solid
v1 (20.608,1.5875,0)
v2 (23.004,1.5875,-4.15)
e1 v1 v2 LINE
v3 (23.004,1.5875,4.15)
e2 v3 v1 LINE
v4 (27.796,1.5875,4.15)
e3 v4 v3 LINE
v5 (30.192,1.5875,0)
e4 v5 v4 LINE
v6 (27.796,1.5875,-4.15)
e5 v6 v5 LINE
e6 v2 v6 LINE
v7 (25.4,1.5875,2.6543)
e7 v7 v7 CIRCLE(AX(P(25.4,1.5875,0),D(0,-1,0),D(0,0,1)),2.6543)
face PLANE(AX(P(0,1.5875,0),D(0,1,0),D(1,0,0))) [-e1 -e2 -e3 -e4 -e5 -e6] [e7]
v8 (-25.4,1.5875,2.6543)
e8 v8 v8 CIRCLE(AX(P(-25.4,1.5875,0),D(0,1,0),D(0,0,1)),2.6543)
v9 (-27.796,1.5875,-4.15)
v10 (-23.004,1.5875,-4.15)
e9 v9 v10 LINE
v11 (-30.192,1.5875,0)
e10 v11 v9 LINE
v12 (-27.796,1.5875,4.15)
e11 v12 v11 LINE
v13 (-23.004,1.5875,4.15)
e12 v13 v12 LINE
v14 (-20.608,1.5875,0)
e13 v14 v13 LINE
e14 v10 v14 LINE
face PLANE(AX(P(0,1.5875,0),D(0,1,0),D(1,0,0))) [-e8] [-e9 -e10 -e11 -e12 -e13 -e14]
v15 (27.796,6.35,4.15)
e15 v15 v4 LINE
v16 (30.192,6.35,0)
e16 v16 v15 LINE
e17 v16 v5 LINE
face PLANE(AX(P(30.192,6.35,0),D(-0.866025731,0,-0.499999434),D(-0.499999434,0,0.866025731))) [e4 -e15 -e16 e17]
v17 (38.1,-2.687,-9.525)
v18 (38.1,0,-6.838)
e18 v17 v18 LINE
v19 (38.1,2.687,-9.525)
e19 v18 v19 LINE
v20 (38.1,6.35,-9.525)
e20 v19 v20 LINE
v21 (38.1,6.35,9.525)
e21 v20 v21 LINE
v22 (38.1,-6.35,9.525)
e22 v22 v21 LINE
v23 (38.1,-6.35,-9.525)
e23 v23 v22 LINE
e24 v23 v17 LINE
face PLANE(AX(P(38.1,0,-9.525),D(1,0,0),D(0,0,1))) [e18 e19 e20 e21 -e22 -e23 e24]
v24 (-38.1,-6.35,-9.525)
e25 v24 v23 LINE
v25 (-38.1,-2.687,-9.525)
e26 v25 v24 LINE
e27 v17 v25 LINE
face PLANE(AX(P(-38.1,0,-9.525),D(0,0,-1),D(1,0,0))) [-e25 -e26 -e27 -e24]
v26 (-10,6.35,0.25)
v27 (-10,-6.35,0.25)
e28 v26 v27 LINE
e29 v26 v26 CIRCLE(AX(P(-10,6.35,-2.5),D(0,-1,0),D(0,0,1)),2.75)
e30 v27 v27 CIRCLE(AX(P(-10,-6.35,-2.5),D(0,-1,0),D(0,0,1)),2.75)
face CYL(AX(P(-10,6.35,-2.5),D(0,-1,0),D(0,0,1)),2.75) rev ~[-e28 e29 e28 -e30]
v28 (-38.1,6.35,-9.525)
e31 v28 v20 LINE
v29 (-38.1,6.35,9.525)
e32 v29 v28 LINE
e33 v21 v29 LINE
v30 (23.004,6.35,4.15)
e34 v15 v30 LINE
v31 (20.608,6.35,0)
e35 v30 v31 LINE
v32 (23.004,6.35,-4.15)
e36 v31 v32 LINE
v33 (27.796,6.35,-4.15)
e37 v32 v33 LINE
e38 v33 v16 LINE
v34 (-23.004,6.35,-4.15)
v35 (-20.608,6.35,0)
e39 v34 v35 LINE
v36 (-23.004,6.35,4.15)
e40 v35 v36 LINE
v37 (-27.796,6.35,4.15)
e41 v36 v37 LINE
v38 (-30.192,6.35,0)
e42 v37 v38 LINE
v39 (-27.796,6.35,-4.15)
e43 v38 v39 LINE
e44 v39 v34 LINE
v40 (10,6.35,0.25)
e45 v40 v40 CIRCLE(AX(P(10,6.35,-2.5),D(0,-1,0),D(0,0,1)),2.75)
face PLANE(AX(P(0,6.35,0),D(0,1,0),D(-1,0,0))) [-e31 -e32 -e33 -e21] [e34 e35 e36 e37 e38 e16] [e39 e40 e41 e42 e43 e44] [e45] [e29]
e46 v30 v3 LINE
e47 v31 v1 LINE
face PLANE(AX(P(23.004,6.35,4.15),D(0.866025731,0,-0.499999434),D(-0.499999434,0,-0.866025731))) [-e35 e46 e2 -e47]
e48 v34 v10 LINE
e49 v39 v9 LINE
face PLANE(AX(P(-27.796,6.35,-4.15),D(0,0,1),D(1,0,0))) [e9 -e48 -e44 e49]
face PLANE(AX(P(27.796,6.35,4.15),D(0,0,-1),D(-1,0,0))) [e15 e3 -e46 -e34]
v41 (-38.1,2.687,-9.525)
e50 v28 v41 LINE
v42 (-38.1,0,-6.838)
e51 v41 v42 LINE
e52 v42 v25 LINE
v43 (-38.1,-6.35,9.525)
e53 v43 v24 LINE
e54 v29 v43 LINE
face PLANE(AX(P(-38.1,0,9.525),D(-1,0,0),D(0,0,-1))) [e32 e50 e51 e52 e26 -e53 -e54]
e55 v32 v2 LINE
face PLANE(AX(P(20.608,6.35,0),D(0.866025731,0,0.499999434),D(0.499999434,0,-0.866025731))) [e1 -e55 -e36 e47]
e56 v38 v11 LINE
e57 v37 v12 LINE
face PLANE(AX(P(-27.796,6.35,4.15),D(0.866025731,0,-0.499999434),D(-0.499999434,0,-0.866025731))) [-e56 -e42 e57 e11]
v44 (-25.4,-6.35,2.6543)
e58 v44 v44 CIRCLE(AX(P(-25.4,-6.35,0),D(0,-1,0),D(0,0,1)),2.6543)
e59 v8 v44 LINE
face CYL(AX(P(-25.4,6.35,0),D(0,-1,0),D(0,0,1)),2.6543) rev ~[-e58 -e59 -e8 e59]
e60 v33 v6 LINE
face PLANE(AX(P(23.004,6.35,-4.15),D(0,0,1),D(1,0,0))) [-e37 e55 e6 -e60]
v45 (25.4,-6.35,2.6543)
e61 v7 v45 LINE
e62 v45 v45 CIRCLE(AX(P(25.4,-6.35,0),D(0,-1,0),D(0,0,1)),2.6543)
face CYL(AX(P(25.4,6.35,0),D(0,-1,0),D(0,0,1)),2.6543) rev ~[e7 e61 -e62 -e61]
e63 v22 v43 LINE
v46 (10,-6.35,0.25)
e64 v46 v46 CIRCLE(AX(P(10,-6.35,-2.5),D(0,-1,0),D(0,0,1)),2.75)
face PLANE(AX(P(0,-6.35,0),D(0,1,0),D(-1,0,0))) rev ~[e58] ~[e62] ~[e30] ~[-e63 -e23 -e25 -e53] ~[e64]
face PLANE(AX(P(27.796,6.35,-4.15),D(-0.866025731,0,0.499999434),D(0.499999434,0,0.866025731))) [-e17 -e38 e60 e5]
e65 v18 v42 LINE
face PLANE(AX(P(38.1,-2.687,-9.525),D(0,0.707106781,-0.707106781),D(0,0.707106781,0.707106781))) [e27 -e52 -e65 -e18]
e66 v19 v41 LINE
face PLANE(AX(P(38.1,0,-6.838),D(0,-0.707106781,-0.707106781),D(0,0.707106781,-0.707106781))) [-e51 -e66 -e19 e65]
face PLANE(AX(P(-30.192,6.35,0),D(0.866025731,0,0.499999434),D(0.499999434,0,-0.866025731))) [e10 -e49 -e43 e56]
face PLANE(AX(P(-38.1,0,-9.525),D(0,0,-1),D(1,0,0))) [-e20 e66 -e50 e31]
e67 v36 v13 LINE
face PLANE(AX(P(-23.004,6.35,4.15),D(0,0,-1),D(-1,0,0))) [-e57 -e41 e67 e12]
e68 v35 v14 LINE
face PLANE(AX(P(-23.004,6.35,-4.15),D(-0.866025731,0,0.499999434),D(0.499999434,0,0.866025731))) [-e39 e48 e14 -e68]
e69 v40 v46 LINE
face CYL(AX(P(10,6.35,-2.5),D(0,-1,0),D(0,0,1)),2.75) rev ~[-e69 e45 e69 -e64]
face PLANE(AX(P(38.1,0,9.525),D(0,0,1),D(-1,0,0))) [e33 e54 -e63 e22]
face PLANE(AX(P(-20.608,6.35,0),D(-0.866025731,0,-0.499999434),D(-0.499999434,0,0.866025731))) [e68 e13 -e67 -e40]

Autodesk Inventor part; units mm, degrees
ref_plane "YZ Plane" through (0, 0, 0) normal (1, 0, 0) x (0, 1, 0)
ref_plane "XZ Plane" through (0, 0, 0) normal (0, 1, 0) x (-1, 0, 0)
ref_plane "XY Plane" through (0, 0, 0) normal (0, 0, 1) x (1, 0, 0)
sketch "Sketch1" plane through (0, 0, 0) normal (0, 1, 0) x (-1, 0, 0)
  line L0 (-38.1, 9.525) -> (38.1, 9.525)
  line L1 (38.1, 9.525) -> (38.1, -9.525)
  line L2 (38.1, -9.525) -> (-38.1, -9.525)
  line L3 (-38.1, -9.525) -> (-38.1, 9.525)
  line L4 (-38.1, 9.525) -> (38.1, -9.525) construction
  line L5 (38.1, 9.525) -> (-38.1, -9.525) construction
  point P0 (0, 0)
  dimension "d0" = 76.2
  dimension "d1" = 19.05
extrude "Extrusion1" add sketch "Sketch1" along normal mid plane 12.7
sketch "Sketch2" plane through (38.1, -6.35, -9.525) normal (1, 0, 0) x (0, 0, -1)
  line L0 (0, 3.663) -> (-2.687, 6.35)
  line L1 (-2.687, 6.35) -> (0, 9.037)
  line L2 (0, 9.037) -> (2.687, 6.35)
  line L3 (2.687, 6.35) -> (0, 3.663)
  line L4 (-19.05, 12.7) -> (0, 12.7) projected
  line L5 (0, 12.7) -> (0, 0) projected
  point P0 (-9.525, 6.35)
  point P1 (0, 6.35)
  dimension "d4" = 45
  dimension "d5" = 3.8
extrude "Extrusion2" cut sketch "Sketch2" against normal through all
sketch "Sketch5" plane through (0, 6.35, 0) normal (0, 1, 0) x (1, 0, 0)
  line L0 (-38.1, 9.525) -> (-38.1, -9.525) projected
  line L1 (38.1, -9.525) -> (38.1, 9.525) projected
  point P0 (0, 0)
  point P1 (-25.4, 0)
  point P2 (25.4, 0)
  dimension "d18" = 12.7
  dimension "d19" = 12.7
hole "Hole1" at (-25.4, 6.35, 0) at (25.4, 6.35, 0) direction (0, -1, 0) diameter 5.3086 end through all clearance for "Flat Head Machine Screw" size "M5" standard "Ansi Metric M Profile"
sketch "Sketch6" plane through (0, 6.35, 0) normal (0, 1, 0) x (1, 0, 0)
  line L0 (-38.1, 9.525) -> (-38.1, -9.525) projected
  line L1 (38.1, -9.525) -> (38.1, 9.525) projected
  line L2 (-38.1, -9.525) -> (38.1, -9.525) projected
  line L3 (38.1, 6.838) -> (-38.1, 6.838) projected
  circle A0 centre (-25.4, 0) radius 2.6543 projected
  point P0 (0, 0)
  point P1 (-10, 2.5)
  point P2 (10, 2.5)
  dimension "d27" = 28.1
  dimension "d28" = 28.1
  dimension "d38" = 2.5
hole "Hole2" at (-10, 6.35, -2.5) at (10, 6.35, -2.5) direction (0, -1, 0) diameter 5.5 end through all
sketch "Sketch7" plane through (0, 6.35, 0) normal (0, 1, 0) x (1, 0, 0)
  circle A0 centre (-25.4, 0) radius 2.6543 projected
  circle A1 centre (25.4, 0) radius 2.6543 projected
  line L0 (-23.004, 4.15) -> (-20.608, 0)
  line L1 (-20.608, 0) -> (-23.004, -4.15)
  line L2 (-23.004, -4.15) -> (-27.796, -4.15)
  line L3 (-27.796, -4.15) -> (-30.192, 0)
  line L4 (-30.192, 0) -> (-27.796, 4.15)
  line L5 (-27.796, 4.15) -> (-23.004, 4.15)
  line L6 (23.004, -4.15) -> (20.608, 0)
  line L7 (20.608, 0) -> (23.004, 4.15)
  line L8 (23.004, 4.15) -> (27.796, 4.15)
  line L9 (27.796, 4.15) -> (30.192, 0)
  line L10 (30.192, 0) -> (27.796, -4.15)
  line L11 (27.796, -4.15) -> (23.004, -4.15)
  point P0 (0, 0)
  dimension "d39" = 8.3
  dimension "d40" = 8.3
extrude "Extrusion5" cut sketch "Sketch7" against normal blind 4.7625 contours A1 | L0 L1 L2 L3 L4 L5 | L6 L7 L8 L9 L10 L11
equation "\"d28\" = d27"
equation "\"d40\" = d39"
properties part number "X-Axis_Mount_Slide_LM3005" material "Acetal Resin, White"
